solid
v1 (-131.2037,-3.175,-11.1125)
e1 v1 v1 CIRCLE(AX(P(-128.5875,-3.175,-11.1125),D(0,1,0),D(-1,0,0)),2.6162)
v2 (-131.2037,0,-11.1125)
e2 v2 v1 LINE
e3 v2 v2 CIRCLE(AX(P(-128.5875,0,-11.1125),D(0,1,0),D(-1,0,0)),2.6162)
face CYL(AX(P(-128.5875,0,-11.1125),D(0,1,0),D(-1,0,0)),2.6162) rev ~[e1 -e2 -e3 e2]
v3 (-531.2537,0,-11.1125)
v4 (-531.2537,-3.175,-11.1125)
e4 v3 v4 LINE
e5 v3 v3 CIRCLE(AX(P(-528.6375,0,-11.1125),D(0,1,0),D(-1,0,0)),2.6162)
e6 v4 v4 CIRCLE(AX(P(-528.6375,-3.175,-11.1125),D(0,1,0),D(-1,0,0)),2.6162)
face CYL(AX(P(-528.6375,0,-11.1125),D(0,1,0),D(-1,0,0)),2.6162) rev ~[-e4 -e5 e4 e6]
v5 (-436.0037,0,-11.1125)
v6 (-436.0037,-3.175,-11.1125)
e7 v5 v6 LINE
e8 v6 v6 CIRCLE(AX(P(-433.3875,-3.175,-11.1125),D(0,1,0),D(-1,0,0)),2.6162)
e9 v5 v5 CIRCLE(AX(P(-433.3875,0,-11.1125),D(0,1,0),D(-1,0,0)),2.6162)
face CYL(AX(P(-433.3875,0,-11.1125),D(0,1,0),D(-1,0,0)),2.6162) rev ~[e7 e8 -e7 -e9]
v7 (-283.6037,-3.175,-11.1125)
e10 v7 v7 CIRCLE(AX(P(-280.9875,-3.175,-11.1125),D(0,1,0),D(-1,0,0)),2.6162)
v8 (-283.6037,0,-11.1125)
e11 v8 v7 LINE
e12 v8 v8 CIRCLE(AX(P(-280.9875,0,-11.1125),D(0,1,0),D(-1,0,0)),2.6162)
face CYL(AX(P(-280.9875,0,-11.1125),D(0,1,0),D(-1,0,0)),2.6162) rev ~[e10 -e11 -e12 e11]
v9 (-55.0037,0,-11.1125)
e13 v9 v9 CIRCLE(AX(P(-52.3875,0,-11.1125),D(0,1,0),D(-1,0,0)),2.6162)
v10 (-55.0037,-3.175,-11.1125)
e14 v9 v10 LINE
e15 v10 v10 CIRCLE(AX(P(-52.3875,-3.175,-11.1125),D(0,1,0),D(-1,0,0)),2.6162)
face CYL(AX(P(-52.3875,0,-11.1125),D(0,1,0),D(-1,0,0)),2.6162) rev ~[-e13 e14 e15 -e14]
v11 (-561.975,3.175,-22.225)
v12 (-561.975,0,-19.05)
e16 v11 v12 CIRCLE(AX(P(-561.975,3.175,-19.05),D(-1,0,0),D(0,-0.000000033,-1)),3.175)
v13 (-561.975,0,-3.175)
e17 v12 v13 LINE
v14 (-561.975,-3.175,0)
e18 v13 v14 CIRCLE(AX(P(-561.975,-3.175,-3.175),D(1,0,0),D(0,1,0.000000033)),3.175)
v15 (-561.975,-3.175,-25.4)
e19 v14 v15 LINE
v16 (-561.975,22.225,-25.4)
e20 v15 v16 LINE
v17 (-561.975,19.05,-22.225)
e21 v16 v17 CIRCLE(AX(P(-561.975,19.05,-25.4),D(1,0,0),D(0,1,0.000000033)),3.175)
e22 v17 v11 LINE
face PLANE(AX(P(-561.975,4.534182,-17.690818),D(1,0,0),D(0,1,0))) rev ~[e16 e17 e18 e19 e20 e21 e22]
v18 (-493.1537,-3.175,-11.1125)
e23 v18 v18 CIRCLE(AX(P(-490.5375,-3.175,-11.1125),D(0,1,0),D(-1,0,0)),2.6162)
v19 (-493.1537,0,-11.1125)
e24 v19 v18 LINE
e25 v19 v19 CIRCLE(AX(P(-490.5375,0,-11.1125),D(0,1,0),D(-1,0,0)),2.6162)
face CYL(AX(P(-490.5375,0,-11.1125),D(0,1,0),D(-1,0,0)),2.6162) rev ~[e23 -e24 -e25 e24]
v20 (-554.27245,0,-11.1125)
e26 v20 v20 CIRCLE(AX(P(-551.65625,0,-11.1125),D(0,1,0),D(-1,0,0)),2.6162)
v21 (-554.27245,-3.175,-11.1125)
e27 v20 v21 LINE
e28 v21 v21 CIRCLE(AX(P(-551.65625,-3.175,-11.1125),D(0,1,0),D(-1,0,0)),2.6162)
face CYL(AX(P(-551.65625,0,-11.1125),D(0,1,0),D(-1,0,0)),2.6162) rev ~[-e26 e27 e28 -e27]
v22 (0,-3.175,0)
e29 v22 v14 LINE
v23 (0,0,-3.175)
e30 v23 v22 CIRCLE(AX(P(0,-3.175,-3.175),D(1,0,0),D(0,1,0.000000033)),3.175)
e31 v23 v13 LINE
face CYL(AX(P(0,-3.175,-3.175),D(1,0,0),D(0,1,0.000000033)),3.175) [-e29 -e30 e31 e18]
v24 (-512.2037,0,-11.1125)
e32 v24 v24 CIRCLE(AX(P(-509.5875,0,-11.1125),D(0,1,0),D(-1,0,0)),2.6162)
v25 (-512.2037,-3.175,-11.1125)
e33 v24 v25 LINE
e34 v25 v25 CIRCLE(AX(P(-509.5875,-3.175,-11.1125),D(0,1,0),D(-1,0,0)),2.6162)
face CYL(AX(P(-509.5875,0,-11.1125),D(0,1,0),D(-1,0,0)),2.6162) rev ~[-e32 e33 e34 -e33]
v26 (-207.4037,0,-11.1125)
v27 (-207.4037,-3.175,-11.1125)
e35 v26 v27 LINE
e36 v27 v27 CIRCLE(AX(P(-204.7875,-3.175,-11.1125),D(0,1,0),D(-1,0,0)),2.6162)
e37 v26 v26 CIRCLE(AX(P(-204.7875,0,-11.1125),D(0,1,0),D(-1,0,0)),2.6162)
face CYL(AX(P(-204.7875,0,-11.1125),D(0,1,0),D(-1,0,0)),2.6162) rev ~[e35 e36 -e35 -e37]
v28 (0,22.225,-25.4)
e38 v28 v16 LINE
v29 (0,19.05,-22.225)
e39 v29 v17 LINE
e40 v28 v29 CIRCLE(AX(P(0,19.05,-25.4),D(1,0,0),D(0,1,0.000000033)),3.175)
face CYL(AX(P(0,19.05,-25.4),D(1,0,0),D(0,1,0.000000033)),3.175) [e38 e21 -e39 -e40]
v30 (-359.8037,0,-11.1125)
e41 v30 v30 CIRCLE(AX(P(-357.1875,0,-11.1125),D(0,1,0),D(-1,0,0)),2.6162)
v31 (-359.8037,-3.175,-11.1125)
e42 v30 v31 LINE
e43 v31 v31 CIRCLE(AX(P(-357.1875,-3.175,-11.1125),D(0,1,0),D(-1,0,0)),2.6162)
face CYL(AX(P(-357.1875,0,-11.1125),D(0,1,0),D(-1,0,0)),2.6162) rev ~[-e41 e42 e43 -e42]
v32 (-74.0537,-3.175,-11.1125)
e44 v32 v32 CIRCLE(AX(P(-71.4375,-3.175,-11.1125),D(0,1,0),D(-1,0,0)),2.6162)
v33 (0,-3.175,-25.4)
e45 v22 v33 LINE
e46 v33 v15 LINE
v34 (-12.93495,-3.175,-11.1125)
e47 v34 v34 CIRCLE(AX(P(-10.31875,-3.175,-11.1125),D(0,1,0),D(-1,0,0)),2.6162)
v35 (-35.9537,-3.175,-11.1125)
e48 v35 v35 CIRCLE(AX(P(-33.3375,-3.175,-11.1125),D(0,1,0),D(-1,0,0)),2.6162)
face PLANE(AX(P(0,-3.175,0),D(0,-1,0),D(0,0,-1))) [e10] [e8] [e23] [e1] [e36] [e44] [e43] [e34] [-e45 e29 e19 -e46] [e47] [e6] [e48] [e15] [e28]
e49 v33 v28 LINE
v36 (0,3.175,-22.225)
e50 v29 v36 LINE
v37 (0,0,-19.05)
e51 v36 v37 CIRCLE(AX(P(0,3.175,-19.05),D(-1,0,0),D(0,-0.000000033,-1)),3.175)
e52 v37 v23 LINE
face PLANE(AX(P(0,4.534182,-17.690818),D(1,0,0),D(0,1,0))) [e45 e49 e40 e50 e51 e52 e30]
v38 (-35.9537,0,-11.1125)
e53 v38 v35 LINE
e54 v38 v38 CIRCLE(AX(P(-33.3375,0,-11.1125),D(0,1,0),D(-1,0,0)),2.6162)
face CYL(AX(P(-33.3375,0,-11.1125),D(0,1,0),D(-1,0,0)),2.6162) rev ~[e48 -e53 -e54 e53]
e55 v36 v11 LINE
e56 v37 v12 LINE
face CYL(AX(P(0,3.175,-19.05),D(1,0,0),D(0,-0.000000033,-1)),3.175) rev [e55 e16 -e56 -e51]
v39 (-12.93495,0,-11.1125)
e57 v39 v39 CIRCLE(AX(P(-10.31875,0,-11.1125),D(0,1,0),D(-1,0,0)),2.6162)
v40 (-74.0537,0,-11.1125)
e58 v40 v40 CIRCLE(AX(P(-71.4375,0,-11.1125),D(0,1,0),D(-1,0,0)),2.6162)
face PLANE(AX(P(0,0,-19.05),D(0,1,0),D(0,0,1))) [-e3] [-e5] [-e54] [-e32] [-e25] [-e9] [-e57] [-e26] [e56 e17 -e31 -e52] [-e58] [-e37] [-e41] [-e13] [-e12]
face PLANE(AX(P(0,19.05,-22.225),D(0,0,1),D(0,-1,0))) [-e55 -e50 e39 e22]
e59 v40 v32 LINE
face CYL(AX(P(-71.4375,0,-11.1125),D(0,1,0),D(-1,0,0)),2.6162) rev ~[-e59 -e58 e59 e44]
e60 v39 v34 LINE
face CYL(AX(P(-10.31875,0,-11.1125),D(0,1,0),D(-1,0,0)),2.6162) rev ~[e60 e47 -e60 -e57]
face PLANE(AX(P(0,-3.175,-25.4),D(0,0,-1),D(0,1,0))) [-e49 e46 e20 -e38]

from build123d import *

# Parameters (mm, degrees)
F1_DEPTH = 561.975
F2_R     = 2.6162
F3_DEPTH = 25.4


with BuildPart() as f1:
    # F0 (on Right) → F1 (new body)
    with BuildSketch(Plane.YZ):
        with BuildLine():
            Line((0, -19.05), (0, -3.175))
            ThreePointArc((0, -3.175), (-0.929936, -0.929936), (-3.175, 0))
            Line((-3.175, 0), (-3.175, -25.4))
            Line((-3.175, -25.4), (22.225, -25.4))
            ThreePointArc((22.225, -25.4), (21.295064, -23.154936), (19.05, -22.225))
            Line((19.05, -22.225), (3.175, -22.225))
            ThreePointArc((3.175, -22.225), (0.929936, -21.295064), (0, -19.05))
        make_face()
    extrude(amount=-F1_DEPTH)

    # F2 (on face) → F3 (cut)
    with BuildSketch(Plane(origin=(0, 0, 0), x_dir=(-1, 0, 0), z_dir=(0, 1, 0))):
        with Locations((10.31875, -11.1125)):
            Circle(F2_R)
        with Locations((280.9875, -11.1125)):
            Circle(F2_R)
        with Locations((551.65625, -11.1125)):
            Circle(F2_R)
        with Locations((128.5875, -11.1125)):
            Circle(F2_R)
        with Locations((204.7875, -11.1125)):
            Circle(F2_R)
        with Locations((357.1875, -11.1125)):
            Circle(F2_R)
        with Locations((433.3875, -11.1125)):
            Circle(F2_R)
        with Locations((509.5875, -11.1125)):
            Circle(F2_R)
        with Locations((52.3875, -11.1125)):
            Circle(F2_R)
        with Locations((33.3375, -11.1125)):
            Circle(F2_R)
        with Locations((71.4375, -11.1125)):
            Circle(F2_R)
        with Locations((490.5375, -11.1125)):
            Circle(F2_R)
        with Locations((528.6375, -11.1125)):
            Circle(F2_R)
    extrude(amount=-F3_DEPTH, mode=Mode.SUBTRACT)


solid = f1.part
